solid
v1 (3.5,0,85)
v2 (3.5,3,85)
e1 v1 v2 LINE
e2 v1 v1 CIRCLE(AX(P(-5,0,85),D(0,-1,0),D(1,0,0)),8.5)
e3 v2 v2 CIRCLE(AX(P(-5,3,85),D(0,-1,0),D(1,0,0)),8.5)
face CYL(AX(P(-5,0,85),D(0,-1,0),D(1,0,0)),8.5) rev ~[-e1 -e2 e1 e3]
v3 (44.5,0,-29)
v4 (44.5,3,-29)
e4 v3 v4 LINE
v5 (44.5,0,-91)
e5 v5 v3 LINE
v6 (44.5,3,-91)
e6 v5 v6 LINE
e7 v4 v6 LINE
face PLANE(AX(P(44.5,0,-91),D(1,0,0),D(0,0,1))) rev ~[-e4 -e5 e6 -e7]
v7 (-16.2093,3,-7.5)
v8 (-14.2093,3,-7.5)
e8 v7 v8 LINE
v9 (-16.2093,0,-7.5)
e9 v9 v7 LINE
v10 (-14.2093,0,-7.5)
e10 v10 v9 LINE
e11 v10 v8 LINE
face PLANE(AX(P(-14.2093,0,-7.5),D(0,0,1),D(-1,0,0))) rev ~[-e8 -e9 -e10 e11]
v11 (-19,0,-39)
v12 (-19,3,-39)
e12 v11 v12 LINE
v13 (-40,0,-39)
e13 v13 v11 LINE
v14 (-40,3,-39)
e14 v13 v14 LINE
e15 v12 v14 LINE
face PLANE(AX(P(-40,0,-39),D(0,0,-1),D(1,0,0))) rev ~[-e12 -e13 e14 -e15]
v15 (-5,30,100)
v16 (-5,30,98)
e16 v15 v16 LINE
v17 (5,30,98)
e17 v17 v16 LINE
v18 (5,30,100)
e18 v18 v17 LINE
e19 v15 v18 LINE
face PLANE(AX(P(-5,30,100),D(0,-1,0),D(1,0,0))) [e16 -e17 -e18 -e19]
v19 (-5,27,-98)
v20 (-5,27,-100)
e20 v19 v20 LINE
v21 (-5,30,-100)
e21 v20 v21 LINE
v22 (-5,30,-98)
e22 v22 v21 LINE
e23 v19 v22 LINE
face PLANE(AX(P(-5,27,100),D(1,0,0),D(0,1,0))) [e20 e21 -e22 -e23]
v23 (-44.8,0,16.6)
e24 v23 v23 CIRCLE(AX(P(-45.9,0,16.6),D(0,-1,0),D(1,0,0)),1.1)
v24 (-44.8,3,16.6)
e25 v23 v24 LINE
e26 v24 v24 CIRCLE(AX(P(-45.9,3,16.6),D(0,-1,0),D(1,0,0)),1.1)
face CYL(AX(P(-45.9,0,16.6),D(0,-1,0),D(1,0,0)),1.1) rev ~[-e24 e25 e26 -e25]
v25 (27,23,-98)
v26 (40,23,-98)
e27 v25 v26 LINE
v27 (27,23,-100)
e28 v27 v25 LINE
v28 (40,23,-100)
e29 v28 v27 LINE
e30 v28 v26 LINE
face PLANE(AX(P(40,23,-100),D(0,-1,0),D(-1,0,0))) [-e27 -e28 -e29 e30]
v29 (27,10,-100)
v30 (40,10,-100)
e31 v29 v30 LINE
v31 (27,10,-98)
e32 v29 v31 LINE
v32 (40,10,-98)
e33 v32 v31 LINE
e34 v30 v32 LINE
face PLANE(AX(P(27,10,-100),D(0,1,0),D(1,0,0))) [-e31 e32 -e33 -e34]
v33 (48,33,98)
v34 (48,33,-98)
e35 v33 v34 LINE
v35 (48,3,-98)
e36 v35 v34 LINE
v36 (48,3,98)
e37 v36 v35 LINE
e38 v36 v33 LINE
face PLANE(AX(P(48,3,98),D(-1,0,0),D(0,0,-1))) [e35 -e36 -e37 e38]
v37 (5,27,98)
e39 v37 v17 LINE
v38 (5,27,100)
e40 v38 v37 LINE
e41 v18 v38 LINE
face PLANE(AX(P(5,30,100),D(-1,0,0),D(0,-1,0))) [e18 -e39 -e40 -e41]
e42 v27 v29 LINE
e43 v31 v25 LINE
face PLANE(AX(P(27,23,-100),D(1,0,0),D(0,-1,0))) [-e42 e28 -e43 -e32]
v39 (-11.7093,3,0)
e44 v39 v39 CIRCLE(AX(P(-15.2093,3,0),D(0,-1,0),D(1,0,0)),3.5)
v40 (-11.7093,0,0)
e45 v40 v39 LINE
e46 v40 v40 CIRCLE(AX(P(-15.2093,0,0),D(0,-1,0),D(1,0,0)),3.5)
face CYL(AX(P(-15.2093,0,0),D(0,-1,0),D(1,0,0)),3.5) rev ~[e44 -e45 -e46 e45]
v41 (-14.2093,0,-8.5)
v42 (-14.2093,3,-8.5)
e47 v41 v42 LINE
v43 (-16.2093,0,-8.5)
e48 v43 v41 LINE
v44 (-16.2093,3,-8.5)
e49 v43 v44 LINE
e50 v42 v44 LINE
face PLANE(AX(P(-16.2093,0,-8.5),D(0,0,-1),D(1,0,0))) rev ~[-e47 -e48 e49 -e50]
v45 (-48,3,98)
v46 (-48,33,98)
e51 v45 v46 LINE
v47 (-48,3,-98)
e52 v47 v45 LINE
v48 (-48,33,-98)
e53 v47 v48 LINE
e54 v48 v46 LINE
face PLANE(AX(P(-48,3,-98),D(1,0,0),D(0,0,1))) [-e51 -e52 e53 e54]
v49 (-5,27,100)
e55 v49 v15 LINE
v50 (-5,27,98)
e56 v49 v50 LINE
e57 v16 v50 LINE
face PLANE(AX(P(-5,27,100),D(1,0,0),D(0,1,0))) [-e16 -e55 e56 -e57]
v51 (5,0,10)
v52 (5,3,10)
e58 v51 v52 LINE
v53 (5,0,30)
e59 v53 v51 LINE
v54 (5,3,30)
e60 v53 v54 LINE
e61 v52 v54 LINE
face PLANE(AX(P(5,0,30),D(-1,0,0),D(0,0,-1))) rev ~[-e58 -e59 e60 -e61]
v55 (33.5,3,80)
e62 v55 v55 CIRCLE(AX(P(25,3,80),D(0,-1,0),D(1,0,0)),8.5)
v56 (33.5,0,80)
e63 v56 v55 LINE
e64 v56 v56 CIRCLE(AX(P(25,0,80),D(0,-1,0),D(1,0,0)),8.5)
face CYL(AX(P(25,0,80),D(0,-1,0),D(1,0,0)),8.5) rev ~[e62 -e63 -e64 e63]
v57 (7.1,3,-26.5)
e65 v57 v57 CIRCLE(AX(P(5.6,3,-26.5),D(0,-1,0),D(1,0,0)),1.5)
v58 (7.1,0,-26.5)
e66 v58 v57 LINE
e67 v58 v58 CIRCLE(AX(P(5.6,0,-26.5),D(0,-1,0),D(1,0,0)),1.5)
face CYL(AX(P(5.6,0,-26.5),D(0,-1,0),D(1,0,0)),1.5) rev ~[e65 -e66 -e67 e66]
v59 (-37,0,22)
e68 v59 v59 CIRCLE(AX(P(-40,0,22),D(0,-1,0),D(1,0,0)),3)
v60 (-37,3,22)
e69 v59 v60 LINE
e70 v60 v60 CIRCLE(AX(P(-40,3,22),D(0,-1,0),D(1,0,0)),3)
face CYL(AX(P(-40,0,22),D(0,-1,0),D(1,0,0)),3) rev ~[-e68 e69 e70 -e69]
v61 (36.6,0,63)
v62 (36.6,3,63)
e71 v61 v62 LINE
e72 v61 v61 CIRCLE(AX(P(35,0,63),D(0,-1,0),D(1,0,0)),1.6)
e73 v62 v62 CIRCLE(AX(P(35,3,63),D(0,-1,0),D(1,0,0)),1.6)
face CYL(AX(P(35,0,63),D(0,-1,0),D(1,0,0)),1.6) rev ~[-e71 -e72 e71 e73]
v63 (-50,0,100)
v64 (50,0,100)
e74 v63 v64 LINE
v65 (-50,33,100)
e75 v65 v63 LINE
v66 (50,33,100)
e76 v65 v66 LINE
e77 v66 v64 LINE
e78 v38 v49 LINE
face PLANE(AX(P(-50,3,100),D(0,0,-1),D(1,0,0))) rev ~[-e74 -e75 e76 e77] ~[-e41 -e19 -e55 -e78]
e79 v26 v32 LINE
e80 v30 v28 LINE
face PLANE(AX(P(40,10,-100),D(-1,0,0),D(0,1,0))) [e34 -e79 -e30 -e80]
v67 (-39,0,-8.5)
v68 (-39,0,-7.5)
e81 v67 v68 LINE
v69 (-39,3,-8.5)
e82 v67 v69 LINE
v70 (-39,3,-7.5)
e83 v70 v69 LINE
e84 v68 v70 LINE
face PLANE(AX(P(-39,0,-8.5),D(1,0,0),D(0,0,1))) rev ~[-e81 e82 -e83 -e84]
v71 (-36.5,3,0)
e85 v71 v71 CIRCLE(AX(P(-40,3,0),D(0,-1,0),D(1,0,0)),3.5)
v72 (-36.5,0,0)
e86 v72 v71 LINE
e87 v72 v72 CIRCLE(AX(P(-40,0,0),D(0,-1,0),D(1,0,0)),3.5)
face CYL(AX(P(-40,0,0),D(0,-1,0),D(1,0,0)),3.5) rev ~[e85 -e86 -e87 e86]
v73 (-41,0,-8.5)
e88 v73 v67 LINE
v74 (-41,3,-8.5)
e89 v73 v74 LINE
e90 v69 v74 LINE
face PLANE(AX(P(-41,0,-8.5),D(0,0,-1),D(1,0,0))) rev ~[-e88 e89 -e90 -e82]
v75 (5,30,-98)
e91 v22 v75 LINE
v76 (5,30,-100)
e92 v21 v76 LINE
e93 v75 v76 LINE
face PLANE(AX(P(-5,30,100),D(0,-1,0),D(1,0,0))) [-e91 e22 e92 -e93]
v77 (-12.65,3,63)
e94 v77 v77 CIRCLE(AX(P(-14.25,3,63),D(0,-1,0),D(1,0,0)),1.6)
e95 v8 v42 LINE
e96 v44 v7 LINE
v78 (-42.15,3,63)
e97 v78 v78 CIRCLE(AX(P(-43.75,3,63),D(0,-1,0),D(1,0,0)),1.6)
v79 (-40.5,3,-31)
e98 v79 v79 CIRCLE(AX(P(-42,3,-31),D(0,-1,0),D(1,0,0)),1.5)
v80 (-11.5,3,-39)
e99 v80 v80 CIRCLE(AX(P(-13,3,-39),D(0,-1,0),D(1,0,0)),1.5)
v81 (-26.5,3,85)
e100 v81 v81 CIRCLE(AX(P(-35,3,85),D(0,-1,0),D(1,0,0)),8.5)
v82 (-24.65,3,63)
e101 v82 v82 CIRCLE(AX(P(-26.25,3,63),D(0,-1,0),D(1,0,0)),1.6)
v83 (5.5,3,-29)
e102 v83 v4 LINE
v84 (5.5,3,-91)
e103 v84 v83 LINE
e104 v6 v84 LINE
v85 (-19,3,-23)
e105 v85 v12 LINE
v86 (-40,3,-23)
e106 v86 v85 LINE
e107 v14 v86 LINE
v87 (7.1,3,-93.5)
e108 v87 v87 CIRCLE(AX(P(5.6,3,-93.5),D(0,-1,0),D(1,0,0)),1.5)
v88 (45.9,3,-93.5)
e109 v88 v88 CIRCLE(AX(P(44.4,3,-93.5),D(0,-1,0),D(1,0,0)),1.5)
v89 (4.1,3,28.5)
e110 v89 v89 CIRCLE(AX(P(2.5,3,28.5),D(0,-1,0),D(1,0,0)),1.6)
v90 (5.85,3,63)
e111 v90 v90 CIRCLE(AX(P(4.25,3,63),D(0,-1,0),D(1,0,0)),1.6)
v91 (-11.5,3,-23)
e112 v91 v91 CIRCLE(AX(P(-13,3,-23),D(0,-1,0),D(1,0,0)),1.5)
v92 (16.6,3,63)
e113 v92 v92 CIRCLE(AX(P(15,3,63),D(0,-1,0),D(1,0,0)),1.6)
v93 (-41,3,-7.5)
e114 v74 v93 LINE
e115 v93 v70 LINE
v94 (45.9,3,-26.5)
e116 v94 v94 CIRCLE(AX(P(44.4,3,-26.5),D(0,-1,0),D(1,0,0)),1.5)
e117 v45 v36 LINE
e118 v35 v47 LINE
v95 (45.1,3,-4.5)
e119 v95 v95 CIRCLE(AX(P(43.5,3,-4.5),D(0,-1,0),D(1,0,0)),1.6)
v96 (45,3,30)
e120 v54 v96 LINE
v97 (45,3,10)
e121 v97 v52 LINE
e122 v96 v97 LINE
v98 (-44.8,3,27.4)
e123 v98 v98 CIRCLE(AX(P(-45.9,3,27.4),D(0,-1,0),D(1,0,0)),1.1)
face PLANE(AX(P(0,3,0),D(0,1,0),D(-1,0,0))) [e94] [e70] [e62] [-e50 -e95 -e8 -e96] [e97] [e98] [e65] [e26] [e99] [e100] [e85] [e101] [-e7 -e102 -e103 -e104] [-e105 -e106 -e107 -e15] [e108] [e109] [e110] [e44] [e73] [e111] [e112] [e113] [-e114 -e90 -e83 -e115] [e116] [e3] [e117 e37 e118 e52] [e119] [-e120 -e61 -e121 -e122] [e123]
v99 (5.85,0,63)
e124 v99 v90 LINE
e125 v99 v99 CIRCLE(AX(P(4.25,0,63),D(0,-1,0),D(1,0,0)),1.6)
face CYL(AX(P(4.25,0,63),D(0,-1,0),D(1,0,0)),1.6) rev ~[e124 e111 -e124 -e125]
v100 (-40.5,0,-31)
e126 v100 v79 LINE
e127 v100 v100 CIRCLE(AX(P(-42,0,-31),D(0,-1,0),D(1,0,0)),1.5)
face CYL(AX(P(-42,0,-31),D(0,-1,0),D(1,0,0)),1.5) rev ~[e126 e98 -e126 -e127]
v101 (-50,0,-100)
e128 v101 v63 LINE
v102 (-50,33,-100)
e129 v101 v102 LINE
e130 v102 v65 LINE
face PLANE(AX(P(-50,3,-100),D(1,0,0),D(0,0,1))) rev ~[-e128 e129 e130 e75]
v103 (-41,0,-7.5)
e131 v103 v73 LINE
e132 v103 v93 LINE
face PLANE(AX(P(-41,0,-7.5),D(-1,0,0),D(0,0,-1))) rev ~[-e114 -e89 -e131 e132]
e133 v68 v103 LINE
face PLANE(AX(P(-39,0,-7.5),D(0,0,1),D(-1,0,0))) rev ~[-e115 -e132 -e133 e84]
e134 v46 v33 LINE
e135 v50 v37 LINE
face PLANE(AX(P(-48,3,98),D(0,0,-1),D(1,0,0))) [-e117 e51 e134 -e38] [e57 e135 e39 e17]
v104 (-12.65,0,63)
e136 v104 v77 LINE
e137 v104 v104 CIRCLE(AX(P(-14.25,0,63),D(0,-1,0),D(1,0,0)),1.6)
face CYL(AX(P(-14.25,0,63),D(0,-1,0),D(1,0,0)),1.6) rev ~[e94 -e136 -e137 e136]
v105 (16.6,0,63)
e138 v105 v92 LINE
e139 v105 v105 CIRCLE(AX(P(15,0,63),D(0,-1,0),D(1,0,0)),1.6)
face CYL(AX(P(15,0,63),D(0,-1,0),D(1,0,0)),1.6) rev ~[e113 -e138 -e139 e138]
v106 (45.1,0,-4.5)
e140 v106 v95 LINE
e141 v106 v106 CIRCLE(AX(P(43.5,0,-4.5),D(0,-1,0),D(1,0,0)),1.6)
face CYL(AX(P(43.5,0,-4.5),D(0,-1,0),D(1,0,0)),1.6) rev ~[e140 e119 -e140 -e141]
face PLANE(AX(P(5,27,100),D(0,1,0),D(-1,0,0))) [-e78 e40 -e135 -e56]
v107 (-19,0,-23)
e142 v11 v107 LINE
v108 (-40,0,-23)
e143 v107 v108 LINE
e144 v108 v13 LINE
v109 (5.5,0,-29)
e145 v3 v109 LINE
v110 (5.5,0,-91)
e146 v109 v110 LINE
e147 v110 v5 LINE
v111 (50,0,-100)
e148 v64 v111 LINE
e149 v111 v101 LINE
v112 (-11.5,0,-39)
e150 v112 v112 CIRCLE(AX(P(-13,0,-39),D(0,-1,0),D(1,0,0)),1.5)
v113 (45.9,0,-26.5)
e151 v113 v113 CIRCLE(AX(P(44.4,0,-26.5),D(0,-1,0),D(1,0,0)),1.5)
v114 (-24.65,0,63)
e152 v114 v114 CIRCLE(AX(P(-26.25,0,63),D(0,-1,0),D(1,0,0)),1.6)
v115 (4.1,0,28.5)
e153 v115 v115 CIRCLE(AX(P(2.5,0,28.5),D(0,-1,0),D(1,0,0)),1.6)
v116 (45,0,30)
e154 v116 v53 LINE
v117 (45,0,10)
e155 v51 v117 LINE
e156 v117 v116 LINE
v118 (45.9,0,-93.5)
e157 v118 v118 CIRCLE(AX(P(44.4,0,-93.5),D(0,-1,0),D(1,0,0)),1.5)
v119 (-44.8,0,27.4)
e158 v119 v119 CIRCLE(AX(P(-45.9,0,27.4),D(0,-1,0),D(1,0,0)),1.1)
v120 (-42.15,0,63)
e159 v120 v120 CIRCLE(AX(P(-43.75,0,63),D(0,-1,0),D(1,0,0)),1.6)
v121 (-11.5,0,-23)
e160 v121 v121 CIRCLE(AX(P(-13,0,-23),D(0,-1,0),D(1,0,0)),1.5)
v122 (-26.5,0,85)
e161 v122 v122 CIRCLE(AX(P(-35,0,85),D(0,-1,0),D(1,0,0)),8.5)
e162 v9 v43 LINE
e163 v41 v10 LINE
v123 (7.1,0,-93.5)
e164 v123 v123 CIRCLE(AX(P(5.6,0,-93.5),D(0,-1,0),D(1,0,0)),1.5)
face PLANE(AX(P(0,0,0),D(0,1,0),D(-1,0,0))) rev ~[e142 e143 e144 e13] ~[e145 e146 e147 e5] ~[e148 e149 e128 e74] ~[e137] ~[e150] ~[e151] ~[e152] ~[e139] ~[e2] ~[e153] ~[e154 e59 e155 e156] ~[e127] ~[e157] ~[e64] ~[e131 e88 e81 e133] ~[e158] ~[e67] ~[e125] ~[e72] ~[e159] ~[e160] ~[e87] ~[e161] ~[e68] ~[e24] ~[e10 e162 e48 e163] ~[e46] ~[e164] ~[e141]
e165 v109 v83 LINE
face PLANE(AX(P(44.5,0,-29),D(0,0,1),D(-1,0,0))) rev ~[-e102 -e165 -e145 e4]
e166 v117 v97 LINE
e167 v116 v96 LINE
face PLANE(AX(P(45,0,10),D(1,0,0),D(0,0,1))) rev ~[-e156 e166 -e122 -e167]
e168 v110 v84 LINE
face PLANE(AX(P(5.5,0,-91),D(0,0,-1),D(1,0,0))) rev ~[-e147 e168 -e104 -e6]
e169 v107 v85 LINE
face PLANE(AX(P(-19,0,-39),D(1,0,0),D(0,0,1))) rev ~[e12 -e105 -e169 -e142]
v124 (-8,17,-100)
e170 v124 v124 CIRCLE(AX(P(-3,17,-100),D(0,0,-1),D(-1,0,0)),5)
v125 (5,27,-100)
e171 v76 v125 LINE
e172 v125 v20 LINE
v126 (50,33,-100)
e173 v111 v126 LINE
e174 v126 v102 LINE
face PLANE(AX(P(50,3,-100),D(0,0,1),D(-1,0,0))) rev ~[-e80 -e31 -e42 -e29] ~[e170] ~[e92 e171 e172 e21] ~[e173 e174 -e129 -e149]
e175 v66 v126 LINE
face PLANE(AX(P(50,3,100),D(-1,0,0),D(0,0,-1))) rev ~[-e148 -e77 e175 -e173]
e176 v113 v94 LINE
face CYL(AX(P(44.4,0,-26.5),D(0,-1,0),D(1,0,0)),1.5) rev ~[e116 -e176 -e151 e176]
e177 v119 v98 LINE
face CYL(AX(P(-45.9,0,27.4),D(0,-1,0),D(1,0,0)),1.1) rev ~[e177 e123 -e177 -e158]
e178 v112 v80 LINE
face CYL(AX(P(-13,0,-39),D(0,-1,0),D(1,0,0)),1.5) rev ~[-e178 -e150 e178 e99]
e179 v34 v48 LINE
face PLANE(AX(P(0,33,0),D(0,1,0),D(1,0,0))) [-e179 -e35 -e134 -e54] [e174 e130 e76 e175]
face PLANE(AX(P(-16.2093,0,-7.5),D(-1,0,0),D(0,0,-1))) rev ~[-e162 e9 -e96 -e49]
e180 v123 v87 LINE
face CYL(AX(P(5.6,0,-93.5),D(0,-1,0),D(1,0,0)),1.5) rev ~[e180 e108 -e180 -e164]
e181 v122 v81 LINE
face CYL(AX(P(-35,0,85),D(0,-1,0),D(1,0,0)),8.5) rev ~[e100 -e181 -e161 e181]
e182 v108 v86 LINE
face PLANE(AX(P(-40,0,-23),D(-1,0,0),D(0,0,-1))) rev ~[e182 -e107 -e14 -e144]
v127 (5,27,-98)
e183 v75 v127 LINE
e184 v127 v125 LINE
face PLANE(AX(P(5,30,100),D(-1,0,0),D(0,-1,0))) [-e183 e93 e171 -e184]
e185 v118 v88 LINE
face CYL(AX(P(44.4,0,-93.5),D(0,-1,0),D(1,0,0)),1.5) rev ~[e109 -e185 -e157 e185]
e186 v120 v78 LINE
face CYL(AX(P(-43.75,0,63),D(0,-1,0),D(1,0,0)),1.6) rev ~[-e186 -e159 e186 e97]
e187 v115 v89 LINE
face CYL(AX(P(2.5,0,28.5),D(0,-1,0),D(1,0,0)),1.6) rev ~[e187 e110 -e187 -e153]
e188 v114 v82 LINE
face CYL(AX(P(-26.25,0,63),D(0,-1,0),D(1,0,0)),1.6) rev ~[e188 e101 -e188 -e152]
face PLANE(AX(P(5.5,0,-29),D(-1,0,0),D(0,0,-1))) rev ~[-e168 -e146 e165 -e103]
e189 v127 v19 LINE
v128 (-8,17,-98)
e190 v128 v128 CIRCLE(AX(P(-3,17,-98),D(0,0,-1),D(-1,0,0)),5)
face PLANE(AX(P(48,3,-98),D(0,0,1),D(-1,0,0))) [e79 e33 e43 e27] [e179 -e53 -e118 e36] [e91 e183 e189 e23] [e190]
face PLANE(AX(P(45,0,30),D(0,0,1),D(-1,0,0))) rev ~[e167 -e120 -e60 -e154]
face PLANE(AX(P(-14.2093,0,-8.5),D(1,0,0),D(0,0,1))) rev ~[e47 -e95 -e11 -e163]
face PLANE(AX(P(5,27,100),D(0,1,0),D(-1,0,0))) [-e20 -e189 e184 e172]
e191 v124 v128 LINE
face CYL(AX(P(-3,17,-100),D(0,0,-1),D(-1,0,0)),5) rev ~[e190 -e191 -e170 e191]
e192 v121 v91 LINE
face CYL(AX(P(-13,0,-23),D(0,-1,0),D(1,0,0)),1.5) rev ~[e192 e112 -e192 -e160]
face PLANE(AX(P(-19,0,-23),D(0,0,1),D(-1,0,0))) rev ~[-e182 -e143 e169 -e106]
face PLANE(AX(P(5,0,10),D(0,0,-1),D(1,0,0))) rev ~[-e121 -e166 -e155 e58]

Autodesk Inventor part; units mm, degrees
ref_plane "YZ Plane" through (0, 0, 0) normal (1, 0, 0) x (0, 1, 0)
ref_plane "XZ Plane" through (0, 0, 0) normal (0, 1, 0) x (-1, 0, 0)
ref_plane "XY Plane" through (0, 0, 0) normal (0, 0, 1) x (1, 0, 0)
sketch "스케치1" plane through (0, 0, 0) normal (0, 1, 0) x (-1, 0, 0)
  line L0 (50, 100) -> (-50, 100)
  line L1 (-50, 100) -> (-50, -100)
  line L2 (-50, -100) -> (50, -100)
  line L3 (50, -100) -> (50, 100)
  point P0 (0, 0)
  dimension "d0" = 100
  dimension "d1" = 200
extrude "돌출1" add sketch "스케치1" along normal blind 3
sketch "스케치2" plane through (0, 0, 0) normal (0, -1, 0) x (1, 0, 0)
  circle A0 centre (25, 80) radius 8.5
  circle A1 centre (35, 63) radius 1.6
  circle A2 centre (15, 63) radius 1.6
  circle A3 centre (-5, 85) radius 8.5
  circle A4 centre (4.25, 63) radius 1.6
  circle A5 centre (-14.25, 63) radius 1.6
  circle A6 centre (-35, 85) radius 8.5
  circle A7 centre (-26.25, 63) radius 1.6
  circle A8 centre (-43.75, 63) radius 1.6
  line L0 (-50, 100) -> (50, 100) projected
  line L1 (-50, -100) -> (-50, 100) projected
  line L2 (45, 30) -> (5, 30)
  line L3 (5, 30) -> (5, 10)
  line L4 (5, 10) -> (45, 10)
  line L5 (45, 10) -> (45, 30)
  circle A9 centre (2.5, 28.5) radius 1.6
  circle A10 centre (43.5, -4.5) radius 1.6
  circle A11 centre (35, 20) radius 9.6 construction
  line L6 (7, 95) -> (-17, 95) construction
  line L7 (-17, 95) -> (-17, 61) construction
  line L8 (-17, 61) -> (7, 61) construction
  line L9 (7, 61) -> (7, 95) construction
  line L10 (38.25, 96) -> (11.75, 96) construction
  line L11 (11.75, 96) -> (11.75, 60) construction
  line L12 (11.75, 60) -> (38.25, 60) construction
  line L13 (38.25, 60) -> (38.25, 96) construction
  line L14 (-23.5, 95) -> (-46.5, 95) construction
  line L15 (-46.5, 95) -> (-46.5, 61) construction
  line L16 (-46.5, 61) -> (-23.5, 61) construction
  line L17 (-23.5, 61) -> (-23.5, 95) construction
  line L18 (46.5, -24) -> (3.5, -24) construction
  line L19 (3.5, -24) -> (3.5, -96) construction
  line L20 (3.5, -96) -> (46.5, -96) construction
  line L21 (46.5, -96) -> (46.5, -24) construction
  line L22 (46.5, -24) -> (3.5, -96) construction
  line L23 (3.5, -24) -> (46.5, -96) construction
  line L24 (44.5, -29) -> (5.5, -29)
  line L25 (5.5, -29) -> (5.5, -91)
  line L26 (5.5, -91) -> (44.5, -91)
  line L27 (44.5, -91) -> (44.5, -29)
  line L28 (44.5, -29) -> (5.5, -91) construction
  line L29 (5.5, -29) -> (44.5, -91) construction
  circle A12 centre (44.4, -93.5) radius 1.5
  circle A13 centre (5.6, -93.5) radius 1.5
  circle A14 centre (5.6, -26.5) radius 1.5
  circle A15 centre (44.4, -26.5) radius 1.5
  line L30 (-29, 29.5) -> (-48, 29.5) construction
  line L31 (-48, 29.5) -> (-48, 14.5) construction
  line L32 (-48, 14.5) -> (-29, 14.5) construction
  line L33 (-29, 14.5) -> (-29, 29.5) construction
  circle A16 centre (-40, 22) radius 3
  circle A17 centre (-45.9, 16.6) radius 1.1
  circle A18 centre (-45.9, 27.4) radius 1.1
  circle A19 centre (-40, 0) radius 8.5 construction
  circle A20 centre (-40, 0) radius 3.5
  line L34 (-39, -7.5) -> (-41, -7.5)
  line L35 (-41, -7.5) -> (-41, -8.5)
  line L36 (-41, -8.5) -> (-39, -8.5)
  line L37 (-39, -8.5) -> (-39, -7.5)
  line L38 (-39, -7.5) -> (-41, -8.5) construction
  line L39 (-41, -7.5) -> (-39, -8.5) construction
  line L40 (-19, -23) -> (-40, -23)
  line L41 (-40, -23) -> (-40, -39)
  line L42 (-40, -39) -> (-19, -39)
  line L43 (-19, -39) -> (-19, -23)
  line L44 (-19, -23) -> (-40, -39) construction
  line L45 (-40, -23) -> (-19, -39) construction
  line L46 (-3, -20) -> (-45, -20) construction
  line L47 (-45, -20) -> (-45, -42) construction
  line L48 (-45, -42) -> (-3, -42) construction
  line L49 (-3, -42) -> (-3, -20) construction
  line L50 (-3, -20) -> (-45, -42) construction
  line L51 (-45, -20) -> (-3, -42) construction
  circle A21 centre (-42, -31) radius 1.5
  circle A22 centre (-13, -39) radius 1.5
  circle A23 centre (-13, -23) radius 1.5
  circle A24 centre (-15.2093, 0) radius 8.5 construction
  circle A25 centre (-15.2093, 0) radius 3.5
  line L52 (-14.2093, -7.5) -> (-16.2093, -7.5)
  line L53 (-16.2093, -7.5) -> (-16.2093, -8.5)
  line L54 (-16.2093, -8.5) -> (-14.2093, -8.5)
  line L55 (-14.2093, -8.5) -> (-14.2093, -7.5)
  line L56 (-14.2093, -7.5) -> (-16.2093, -8.5) construction
  line L57 (-16.2093, -7.5) -> (-14.2093, -8.5) construction
  point P0 (0, 0)
  point P1 (25, -60)
  point P2 (25, -60)
  point P3 (-40, -8)
  point P4 (-29.5, -31)
  point P5 (-24, -31)
  point P6 (-15.2093, -8)
  dimension "d9" = 17
  dimension "d10" = 3.2
  dimension "d11" = 3.2
  dimension "d12" = 17
  dimension "d13" = 20
  dimension "d14" = 10
  dimension "d15" = 17
  dimension "d16" = 17
  dimension "d17" = 22
  dimension "d18" = 18.5
  dimension "d19" = 9.25
  dimension "d20" = 22
  dimension "d21" = 3.2
  dimension "d22" = 3.2
  dimension "d23" = 17
  dimension "d24" = 3.2
  dimension "d25" = 22
  dimension "d26" = 3.2
  dimension "d27" = 17.5
  dimension "d28" = 8.75
  dimension "d29" = 22
  dimension "d30" = 20
  dimension "d31" = 15
  dimension "d32" = 15
  dimension "d33" = 15
  dimension "d34" = 30
  dimension "d35" = 30
  dimension "d36" = 40
  dimension "d37" = 20
  dimension "d38" = 55
  dimension "d39" = 70
  dimension "d40" = 3.2
  dimension "d41" = 3.2
  dimension "d42" = 33
  dimension "d43" = 41
  dimension "d44" = 19.2
  dimension "d45" = 10
  dimension "d46" = 10
  dimension "d47" = 24
  dimension "d48" = 34
  dimension "d49" = 12
  dimension "d50" = 10
  dimension "d51" = 26.5
  dimension "d52" = 36
  dimension "d53" = 16
  dimension "d54" = 13.25
  dimension "d55" = 23
  dimension "d56" = 34
  dimension "d57" = 11.5
  dimension "d58" = 10
  dimension "d59" = 8.5
  dimension "d60" = 32.5
  dimension "d65" = 43
  dimension "d66" = 72
  dimension "d67" = 39
  dimension "d68" = 62
  dimension "d69" = 3
  dimension "d70" = 2.1
  dimension "d71" = 2.5
  dimension "d72" = 3
  dimension "d73" = 2.5
  dimension "d74" = 2.1
  dimension "d75" = 3
  dimension "d76" = 2.5
extrude "돌출2" cut sketch "스케치2" against normal through all
sketch "스케치3" plane through (0, 3, 0) normal (0, 1, 0) x (1, 0, 0)
  line L0 (50, 100) -> (-50, 100) projected
  line L1 (-50, 100) -> (-50, -100) projected
  line L2 (50, 100) -> (-50, 100)
  line L3 (-50, 100) -> (-50, -100)
  line L4 (-50, -100) -> (50, -100)
  line L5 (50, -100) -> (50, 100)
  line L6 (48, 98) -> (-48, 98)
  line L7 (-48, 98) -> (-48, -98)
  line L8 (-48, -98) -> (48, -98)
  line L9 (48, -98) -> (48, 98)
  point P0 (0, 0)
  dimension "d139" = 2
extrude "돌출3" add sketch "스케치3" along normal blind 30
sketch "스케치4" plane through (-50, 0, 100) normal (0, 0, 1) x (1, 0, 0)
  line L0 (45, 30) -> (55, 30)
  line L1 (55, 30) -> (55, 27)
  line L2 (55, 27) -> (45, 27)
  line L3 (45, 27) -> (45, 30)
  line L4 (0, 33) -> (100, 33) projected
  line L5 (45, 27) -> (55, 30) construction
  line L6 (45, 30) -> (55, 27) construction
  line L7 (0, 0) -> (0, 33) construction
  point P0 (50, 0)
  point P1 (50, 28.5)
  dimension "d142" = 10
  dimension "d143" = 3
  dimension "d144" = 3
  dimension "d145" = 50
extrude "돌출4" cut sketch "스케치4" against normal through all
sketch "스케치5" plane through (50, 0, -100) normal (0, 0, -1) x (-1, 0, 0)
  line L0 (10, 23) -> (23, 23)
  line L1 (23, 23) -> (23, 10)
  line L2 (23, 10) -> (10, 10)
  line L3 (10, 10) -> (10, 23)
  line L4 (0, 0) -> (100, 0) projected
  line L5 (0, 0) -> (0, 33) projected
  circle A0 centre (53, 17) radius 5
  point P0 (50, 0)
  dimension "d148" = 13
  dimension "d149" = 13
  dimension "d150" = 10
  dimension "d151" = 10
  dimension "d152" = 10
  dimension "d153" = 17
  dimension "d154" = 25
extrude "돌출5" cut sketch "스케치5" against normal blind 30
properties part number "housing"
